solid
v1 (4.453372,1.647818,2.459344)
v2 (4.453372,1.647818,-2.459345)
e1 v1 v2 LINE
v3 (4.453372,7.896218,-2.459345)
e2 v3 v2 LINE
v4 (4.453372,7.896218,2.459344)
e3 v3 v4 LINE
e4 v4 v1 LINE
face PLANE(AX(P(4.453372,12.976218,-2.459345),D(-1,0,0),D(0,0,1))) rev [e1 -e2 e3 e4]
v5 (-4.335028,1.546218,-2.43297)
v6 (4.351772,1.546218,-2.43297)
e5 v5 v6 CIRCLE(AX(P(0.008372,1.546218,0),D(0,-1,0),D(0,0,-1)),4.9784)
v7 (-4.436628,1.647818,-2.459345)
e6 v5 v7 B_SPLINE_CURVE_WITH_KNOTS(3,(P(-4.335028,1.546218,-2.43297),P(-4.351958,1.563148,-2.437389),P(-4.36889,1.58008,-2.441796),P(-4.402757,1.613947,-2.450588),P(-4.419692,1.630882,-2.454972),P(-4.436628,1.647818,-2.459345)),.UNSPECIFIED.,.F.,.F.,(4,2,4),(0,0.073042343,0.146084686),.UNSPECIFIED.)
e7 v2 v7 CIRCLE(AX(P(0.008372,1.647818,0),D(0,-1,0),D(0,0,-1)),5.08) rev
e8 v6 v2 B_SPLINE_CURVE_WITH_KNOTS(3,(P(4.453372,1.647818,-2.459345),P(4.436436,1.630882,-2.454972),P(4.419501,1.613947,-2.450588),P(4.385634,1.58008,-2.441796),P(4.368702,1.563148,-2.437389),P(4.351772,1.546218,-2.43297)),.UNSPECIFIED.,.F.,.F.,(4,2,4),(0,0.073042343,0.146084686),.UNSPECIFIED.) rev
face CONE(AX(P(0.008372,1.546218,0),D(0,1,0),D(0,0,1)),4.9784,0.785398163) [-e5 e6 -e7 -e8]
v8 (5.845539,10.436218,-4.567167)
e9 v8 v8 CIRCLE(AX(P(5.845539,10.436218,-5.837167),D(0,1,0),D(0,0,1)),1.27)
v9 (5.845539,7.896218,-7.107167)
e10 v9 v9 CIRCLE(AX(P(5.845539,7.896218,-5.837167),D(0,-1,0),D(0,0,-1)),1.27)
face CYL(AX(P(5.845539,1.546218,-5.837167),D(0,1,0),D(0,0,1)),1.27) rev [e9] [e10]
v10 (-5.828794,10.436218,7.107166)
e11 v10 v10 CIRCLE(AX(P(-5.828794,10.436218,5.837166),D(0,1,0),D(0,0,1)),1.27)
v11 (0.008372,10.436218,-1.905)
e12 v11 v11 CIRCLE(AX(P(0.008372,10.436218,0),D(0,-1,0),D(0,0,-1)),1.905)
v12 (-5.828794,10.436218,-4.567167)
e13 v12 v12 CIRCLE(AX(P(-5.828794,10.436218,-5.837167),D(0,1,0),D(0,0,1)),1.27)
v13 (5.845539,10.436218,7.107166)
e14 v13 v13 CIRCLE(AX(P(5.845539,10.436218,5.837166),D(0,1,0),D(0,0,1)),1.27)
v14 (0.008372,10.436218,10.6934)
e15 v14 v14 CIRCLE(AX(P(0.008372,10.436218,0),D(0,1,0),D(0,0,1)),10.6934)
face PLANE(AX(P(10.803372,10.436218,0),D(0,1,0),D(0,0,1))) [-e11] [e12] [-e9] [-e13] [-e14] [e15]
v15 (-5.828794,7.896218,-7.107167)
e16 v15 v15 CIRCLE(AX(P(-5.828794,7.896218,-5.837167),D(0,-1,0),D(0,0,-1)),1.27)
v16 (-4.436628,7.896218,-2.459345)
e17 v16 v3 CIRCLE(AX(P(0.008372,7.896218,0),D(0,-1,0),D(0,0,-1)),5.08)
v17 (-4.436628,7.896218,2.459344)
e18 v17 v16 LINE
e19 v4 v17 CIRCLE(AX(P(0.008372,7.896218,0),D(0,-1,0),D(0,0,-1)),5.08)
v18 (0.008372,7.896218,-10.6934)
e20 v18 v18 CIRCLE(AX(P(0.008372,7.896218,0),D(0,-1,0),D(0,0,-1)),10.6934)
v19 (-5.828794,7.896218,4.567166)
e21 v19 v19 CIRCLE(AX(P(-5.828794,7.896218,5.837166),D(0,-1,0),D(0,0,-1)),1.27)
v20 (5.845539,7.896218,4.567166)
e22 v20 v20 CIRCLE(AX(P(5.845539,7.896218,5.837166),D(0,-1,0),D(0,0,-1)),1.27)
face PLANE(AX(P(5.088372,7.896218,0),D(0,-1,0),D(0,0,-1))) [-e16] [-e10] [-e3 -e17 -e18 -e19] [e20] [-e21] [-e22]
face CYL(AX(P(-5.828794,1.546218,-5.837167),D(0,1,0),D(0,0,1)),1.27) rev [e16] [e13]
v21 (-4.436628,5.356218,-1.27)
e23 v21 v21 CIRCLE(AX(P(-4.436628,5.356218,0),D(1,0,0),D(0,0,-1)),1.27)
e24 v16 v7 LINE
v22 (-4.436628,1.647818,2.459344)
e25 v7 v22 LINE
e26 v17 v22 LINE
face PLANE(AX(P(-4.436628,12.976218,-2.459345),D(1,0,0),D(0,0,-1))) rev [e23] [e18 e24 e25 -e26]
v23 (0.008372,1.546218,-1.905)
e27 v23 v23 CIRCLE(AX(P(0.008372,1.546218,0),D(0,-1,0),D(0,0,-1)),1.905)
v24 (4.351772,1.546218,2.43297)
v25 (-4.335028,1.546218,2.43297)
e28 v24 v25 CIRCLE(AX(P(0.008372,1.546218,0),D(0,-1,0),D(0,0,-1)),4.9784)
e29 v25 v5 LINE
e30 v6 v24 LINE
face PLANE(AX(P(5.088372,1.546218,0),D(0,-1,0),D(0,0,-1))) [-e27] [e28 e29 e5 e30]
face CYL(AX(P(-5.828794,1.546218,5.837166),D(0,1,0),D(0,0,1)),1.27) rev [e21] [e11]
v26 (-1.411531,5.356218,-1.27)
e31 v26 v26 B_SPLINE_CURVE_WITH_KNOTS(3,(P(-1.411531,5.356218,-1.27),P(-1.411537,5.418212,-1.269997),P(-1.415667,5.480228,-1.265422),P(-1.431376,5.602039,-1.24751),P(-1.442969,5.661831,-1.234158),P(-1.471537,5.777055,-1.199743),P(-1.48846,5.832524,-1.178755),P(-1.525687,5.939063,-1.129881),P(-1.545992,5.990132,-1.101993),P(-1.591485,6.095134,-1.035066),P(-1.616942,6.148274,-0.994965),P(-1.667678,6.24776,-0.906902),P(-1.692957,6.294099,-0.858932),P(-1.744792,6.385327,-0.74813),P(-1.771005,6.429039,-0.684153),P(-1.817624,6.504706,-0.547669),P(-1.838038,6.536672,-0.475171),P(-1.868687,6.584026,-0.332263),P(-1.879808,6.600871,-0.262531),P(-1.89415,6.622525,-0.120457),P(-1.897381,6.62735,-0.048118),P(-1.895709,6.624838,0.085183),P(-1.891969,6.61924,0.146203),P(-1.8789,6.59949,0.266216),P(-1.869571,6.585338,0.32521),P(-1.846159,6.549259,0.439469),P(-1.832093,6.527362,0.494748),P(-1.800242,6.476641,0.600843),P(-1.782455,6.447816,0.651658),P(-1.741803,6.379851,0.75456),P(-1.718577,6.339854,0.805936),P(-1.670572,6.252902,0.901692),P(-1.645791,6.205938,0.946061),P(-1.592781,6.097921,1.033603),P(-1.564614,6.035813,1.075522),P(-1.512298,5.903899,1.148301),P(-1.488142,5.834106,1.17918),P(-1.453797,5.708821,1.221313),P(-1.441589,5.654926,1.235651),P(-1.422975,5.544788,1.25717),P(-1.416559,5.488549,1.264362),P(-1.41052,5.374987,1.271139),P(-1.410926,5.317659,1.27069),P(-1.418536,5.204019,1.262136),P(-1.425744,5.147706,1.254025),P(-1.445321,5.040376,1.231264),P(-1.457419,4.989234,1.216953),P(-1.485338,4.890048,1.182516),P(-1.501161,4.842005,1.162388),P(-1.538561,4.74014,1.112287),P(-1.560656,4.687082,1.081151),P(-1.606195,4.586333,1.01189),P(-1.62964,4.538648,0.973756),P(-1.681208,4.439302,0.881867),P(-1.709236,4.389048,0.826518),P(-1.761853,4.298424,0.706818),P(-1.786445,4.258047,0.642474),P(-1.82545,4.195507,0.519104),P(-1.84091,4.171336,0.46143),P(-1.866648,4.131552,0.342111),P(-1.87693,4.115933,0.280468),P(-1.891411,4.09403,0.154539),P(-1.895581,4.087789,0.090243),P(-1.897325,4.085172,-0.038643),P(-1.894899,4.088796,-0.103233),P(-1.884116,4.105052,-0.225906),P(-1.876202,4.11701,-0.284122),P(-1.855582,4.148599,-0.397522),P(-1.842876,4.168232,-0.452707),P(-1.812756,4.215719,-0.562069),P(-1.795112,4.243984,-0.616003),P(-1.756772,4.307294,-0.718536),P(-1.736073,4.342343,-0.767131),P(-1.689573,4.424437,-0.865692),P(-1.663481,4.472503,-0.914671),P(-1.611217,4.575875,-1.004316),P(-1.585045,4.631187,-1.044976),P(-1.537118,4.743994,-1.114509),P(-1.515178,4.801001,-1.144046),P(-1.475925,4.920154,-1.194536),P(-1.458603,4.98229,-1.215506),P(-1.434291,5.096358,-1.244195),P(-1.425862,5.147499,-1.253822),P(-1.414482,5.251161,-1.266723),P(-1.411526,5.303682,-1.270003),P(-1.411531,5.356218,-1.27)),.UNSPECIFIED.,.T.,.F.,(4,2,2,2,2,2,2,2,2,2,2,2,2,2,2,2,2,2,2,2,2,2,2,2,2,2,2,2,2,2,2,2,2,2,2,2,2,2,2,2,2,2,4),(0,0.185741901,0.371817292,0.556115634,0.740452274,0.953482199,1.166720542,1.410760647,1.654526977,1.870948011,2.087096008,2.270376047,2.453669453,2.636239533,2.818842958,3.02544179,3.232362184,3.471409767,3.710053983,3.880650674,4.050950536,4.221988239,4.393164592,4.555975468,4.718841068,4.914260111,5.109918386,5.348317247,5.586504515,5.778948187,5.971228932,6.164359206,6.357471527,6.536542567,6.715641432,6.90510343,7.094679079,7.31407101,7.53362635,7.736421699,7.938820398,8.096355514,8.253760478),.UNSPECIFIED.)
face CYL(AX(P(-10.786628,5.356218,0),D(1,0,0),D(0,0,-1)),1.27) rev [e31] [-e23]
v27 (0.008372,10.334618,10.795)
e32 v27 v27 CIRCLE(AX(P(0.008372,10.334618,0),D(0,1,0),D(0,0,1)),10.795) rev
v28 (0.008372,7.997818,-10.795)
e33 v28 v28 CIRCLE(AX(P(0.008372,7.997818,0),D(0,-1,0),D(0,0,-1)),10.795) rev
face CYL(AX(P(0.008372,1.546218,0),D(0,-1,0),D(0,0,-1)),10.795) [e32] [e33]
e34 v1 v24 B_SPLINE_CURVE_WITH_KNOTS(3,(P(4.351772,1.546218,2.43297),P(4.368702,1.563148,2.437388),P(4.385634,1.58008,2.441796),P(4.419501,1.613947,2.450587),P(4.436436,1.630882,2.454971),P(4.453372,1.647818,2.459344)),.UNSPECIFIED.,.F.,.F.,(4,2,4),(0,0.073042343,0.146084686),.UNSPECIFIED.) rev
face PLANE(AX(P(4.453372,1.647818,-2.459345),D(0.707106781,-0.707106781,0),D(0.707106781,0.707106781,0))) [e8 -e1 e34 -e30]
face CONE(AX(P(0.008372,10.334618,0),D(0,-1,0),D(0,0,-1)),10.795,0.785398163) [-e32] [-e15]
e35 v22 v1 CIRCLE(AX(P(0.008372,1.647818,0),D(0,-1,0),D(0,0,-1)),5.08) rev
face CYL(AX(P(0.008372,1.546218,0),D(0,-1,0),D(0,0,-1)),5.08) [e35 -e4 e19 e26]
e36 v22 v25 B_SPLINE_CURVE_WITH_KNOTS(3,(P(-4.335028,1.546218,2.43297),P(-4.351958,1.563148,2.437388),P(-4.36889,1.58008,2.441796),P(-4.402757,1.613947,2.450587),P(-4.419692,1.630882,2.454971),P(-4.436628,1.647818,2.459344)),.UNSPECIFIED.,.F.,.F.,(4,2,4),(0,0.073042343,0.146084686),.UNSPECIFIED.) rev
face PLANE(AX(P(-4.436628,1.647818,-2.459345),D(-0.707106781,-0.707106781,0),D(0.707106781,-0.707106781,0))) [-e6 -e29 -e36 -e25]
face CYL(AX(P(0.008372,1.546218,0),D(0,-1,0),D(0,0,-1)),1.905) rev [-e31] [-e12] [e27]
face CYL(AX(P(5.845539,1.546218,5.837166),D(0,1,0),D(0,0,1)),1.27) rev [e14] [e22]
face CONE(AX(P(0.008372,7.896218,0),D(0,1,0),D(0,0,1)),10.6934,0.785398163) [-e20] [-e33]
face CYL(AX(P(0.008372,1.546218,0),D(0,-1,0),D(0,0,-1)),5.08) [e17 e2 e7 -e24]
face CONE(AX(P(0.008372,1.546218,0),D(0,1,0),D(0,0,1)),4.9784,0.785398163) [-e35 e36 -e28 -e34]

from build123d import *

# Parameters (mm, degrees)
SKETCH2_W          = 1.5875
SKETCH2_H          = 6.148361062
CUT_EXTRUDE1_DEPTH = 7.9375
SKETCH3_R          = 1.5875
CUT_EXTRUDE2_DEPTH = 23.082804042
SKETCH4_R          = 1.5875
CUT_EXTRUDE3_DEPTH = 23.082804093
CHAMFER1_SIZE      = 0.127
SCALE1_SCALE       = 0.8


with BuildPart() as part:
    # Sketch1 → Revolve1 (revolve)
    with BuildSketch(Plane.XY, mode=Mode.PRIVATE) as revolve1_sk:
        Polygon((6.35, 0), (6.35, 7.9375), (13.49375, 7.9375), (13.49375, 11.1125), (2.38125, 11.1125), (2.38125, 0), align=None)
    revolve(revolve1_sk.sketch.rotate(Axis((0, 0, 0), (0, 1, 0)), 90), axis=Axis((0, 0, 0), (0, 1, 0)))

    # Sketch2 → Cut-Extrude1 (cut)
    with BuildSketch(Plane.XZ):
        with Locations((-6.35, 0)):
            Rectangle(SKETCH2_W, SKETCH2_H)
        with Locations((6.35, 0)):
            Rectangle(SKETCH2_W, SKETCH2_H)
    extrude(amount=-CUT_EXTRUDE1_DEPTH, mode=Mode.SUBTRACT)

    # Sketch3 → Cut-Extrude2 (cut, through all)
    with BuildSketch(Plane(origin=(0, 0, 0), x_dir=(0, 0, -1), z_dir=(1, 0, 0))):
        with Locations((0, 4.7625)):
            Circle(SKETCH3_R)
    extrude(amount=-CUT_EXTRUDE2_DEPTH, mode=Mode.SUBTRACT)

    # Sketch4 → Cut-Extrude3 (cut, through all)
    with BuildSketch(Plane(origin=(0, 11.1125, 0), x_dir=(1, 0, 0), z_dir=(0, 1, 0))):
        with Locations(Location((-7.296458098, 7.296458098, 0), (0, 0, 270))):
            Circle(SKETCH4_R)
        with Locations(Location((7.296458098, 7.296458098, 0), (0, 0, 270))):
            Circle(SKETCH4_R)
        with Locations(Location((7.296458098, -7.296458098, 0), (0, 0, 270))):
            Circle(SKETCH4_R)
        with Locations(Location((-7.296458098, -7.296458098, 0), (0, 0, 270))):
            Circle(SKETCH4_R)
    extrude(amount=-CUT_EXTRUDE3_DEPTH, mode=Mode.SUBTRACT)

    # Chamfer1
    chamfer1_edges = [part.edges().sort_by_distance(p)[0] for p in [
        (0, 0, -6.35),
        (-5.55625, 0, 0),
        (0, 0, 6.35),
        (5.55625, 0, 0),
        (0, 7.9375, 13.49375),
        (0, 11.1125, 13.49375),
    ]]
    chamfer(chamfer1_edges, length=CHAMFER1_SIZE)


with BuildPart() as part_1:
    # Scale1: scaled about (0.041859241, 7.73108623, -1.62e-07)
    add(part.part.scale(SCALE1_SCALE).moved(Location((0.008371848, 1.546217246, -3.2e-08))))


solid = part_1.part
